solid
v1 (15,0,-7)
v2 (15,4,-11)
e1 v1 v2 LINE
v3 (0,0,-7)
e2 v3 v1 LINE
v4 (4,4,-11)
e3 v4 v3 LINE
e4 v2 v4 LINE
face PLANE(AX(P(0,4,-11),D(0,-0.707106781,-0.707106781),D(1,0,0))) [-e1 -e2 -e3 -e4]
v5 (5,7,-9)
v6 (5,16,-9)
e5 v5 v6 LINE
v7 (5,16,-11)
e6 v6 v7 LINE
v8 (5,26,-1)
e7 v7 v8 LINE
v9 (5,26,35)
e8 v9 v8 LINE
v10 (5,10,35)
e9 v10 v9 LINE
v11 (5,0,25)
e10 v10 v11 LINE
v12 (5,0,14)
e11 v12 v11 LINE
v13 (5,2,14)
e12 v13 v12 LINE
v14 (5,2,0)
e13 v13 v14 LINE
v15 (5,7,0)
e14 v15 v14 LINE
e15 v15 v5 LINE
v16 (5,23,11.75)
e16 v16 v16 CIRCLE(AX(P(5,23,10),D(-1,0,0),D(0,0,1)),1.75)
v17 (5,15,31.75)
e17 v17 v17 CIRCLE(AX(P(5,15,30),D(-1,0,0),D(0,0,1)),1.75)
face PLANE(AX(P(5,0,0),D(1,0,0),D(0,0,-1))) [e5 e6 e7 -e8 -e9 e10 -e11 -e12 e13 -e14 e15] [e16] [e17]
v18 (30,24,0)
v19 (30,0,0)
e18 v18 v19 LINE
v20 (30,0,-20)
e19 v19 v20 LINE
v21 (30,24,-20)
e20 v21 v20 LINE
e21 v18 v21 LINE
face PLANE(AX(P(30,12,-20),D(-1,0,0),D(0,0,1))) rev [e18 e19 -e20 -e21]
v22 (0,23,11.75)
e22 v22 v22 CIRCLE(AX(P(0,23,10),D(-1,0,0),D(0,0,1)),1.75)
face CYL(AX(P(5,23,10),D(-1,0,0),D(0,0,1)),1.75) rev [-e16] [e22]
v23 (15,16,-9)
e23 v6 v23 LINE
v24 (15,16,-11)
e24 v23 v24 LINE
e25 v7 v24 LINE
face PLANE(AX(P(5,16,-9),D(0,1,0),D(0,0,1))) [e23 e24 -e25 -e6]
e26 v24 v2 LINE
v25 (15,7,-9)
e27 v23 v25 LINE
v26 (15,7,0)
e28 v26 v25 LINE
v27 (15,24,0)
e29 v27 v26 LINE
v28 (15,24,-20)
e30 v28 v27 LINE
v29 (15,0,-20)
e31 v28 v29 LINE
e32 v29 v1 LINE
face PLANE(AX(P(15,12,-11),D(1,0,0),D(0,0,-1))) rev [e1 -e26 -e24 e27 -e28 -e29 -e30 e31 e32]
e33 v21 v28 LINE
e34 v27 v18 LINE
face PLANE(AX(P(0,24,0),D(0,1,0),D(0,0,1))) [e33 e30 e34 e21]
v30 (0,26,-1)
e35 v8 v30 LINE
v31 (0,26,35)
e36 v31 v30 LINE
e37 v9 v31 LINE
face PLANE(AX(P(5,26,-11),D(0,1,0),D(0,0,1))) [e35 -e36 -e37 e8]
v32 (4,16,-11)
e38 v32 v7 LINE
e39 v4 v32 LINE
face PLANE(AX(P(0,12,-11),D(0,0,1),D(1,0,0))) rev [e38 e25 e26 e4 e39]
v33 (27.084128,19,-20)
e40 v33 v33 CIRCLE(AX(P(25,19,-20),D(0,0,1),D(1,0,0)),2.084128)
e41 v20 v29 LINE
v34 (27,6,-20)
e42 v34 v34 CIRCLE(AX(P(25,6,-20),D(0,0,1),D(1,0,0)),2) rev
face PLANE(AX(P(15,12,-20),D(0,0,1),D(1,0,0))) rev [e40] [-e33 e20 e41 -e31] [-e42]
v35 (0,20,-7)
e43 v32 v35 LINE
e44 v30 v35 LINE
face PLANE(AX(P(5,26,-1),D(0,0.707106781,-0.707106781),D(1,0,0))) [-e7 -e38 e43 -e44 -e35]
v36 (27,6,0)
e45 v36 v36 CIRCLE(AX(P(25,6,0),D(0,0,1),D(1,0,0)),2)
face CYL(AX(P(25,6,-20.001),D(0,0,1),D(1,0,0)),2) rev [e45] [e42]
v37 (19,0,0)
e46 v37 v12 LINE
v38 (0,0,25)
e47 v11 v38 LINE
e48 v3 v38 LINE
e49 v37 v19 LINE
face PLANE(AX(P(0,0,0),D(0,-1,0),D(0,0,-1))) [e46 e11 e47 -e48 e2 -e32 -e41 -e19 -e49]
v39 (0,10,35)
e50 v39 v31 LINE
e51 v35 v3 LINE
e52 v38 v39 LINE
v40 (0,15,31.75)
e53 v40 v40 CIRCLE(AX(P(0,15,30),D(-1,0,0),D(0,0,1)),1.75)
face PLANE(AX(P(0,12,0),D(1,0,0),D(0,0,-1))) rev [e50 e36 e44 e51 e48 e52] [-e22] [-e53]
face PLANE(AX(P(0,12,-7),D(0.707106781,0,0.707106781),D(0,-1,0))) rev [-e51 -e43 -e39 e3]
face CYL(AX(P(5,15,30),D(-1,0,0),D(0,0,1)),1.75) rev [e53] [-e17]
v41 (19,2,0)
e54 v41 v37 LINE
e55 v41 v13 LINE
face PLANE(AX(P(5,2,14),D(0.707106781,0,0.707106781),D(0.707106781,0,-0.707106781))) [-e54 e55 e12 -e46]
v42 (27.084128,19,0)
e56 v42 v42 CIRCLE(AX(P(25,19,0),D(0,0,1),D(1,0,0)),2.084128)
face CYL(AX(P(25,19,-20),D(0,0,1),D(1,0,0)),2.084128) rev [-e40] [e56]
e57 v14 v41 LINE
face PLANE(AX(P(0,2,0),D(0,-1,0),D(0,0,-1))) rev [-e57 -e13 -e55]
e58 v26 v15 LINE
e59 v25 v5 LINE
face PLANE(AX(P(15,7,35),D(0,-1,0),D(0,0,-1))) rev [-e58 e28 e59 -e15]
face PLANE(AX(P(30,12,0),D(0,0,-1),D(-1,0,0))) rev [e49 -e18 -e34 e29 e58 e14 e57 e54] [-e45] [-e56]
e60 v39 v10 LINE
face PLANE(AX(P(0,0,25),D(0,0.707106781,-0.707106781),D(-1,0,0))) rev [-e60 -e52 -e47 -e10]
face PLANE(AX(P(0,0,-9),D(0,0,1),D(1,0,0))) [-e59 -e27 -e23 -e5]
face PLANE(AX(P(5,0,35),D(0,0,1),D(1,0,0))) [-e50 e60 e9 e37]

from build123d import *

# Parameters (mm, degrees)
EXTRUDE_1_DEPTH     = 12
CUT_EXTRUDE_1_REACH = 22
SKETCH_2_R          = 2
SKETCH_3_W          = 46
SKETCH_3_H          = 26
SKETCH_3_R          = 1.75
EXTRUDE_2_DEPTH     = 5
CHAMFER_1_SIZE      = 10
EXTRUDE_3_DEPTH     = 2
CHAMFER_2_SIZE      = 10
SKETCH_5_W          = 15
SKETCH_5_H          = 20
EXTRUDE_4_DEPTH     = 12
SKETCH_6_R          = 2.084127943
CUT_EXTRUDE_2_DEPTH = 21
SKETCH_7_W          = 10
SKETCH_7_H          = 5
CUT_EXTRUDE_3_DEPTH = 47
SKETCH_8_W          = 10
SKETCH_8_H          = 9
EXTRUDE_5_DEPTH     = 2
CHAMFER_3_SIZE      = 4


with BuildPart() as part:
    # Эскиз1 → Бобышка-Вытянуть1 (new body)
    with BuildSketch(Plane(origin=(0, 0, 0), x_dir=(1, 0, 0), z_dir=(0, 1, 0))):
        Polygon((0, 0), (0, 11), (15, 11), (15, 20), (30, 20), (30, 0), align=None)
    extrude(amount=EXTRUDE_1_DEPTH)

    # Эскиз2 → Вырез-Вытянуть1 (cut, up to next)
    with BuildSketch(Plane.XY, mode=Mode.PRIVATE) as cut_extrude_1_sk1:
        with Locations((25, 6)):
            Circle(SKETCH_2_R)
    cut_extrude_1_tool1 = extrude(cut_extrude_1_sk1.sketch, amount=-CUT_EXTRUDE_1_REACH, mode=Mode.PRIVATE) & part.part
    add(cut_extrude_1_tool1.solids().sort_by_distance((25, 6, 0))[0], mode=Mode.SUBTRACT)

    # Эскиз3 → Бобышка-Вытянуть2 (add)
    with BuildSketch(Plane.ZY):
        with Locations((12, 13)):
            Rectangle(SKETCH_3_W, SKETCH_3_H)
        with Locations((30, 15)):
            Circle(SKETCH_3_R, mode=Mode.SUBTRACT)
        with Locations((10, 23)):
            Circle(SKETCH_3_R, mode=Mode.SUBTRACT)
    extrude(amount=-EXTRUDE_2_DEPTH)

    # Фаска1
    chamfer_1_edges = [part.edges().sort_by_distance(p)[0] for p in [
        (2.5, 26, -11),
    ]]
    chamfer(chamfer_1_edges, length=CHAMFER_1_SIZE)

    # Эскиз4 → Бобышка-Вытянуть3 (add)
    with BuildSketch(Plane.XZ):
        Polygon((5, 14), (19, 0), (5, 0), align=None)
    extrude(amount=-EXTRUDE_3_DEPTH)

    # Фаска2
    chamfer_2_edges = [part.edges().sort_by_distance(p)[0] for p in [
        (2.5, 0, 35),
    ]]
    chamfer(chamfer_2_edges, length=CHAMFER_2_SIZE)

    # Эскиз5 → Бобышка-Вытянуть4 (add)
    with BuildSketch(Plane(origin=(0, 12, 0), x_dir=(1, 0, 0), z_dir=(0, 1, 0))):
        with Locations((22.5, 10)):
            Rectangle(SKETCH_5_W, SKETCH_5_H)
    extrude(amount=EXTRUDE_4_DEPTH)

    # Эскиз6 → Вырез-Вытянуть2 (cut, through all)
    with BuildSketch(Plane.XY):
        with Locations((25, 19)):
            Circle(SKETCH_6_R)
    extrude(amount=-CUT_EXTRUDE_2_DEPTH, mode=Mode.SUBTRACT)

    # Эскиз7 → Вырез-Вытянуть3 (cut, through all)
    with BuildSketch(Plane(origin=(0, 0, -11), x_dir=(-1, 0, 0), z_dir=(0, 0, -1))):
        with Locations((-10, 9.5)):
            Rectangle(SKETCH_7_W, SKETCH_7_H)
    extrude(amount=-CUT_EXTRUDE_3_DEPTH, mode=Mode.SUBTRACT)

    # Эскиз8 → Бобышка-Вытянуть5 (add)
    with BuildSketch(Plane(origin=(0, 0, -11), x_dir=(-1, 0, 0), z_dir=(0, 0, -1))):
        with Locations((-10, 11.5)):
            Rectangle(SKETCH_8_W, SKETCH_8_H)
    extrude(amount=-EXTRUDE_5_DEPTH)

    # Фаска3
    chamfer_3_edges = [part.edges().sort_by_distance(p)[0] for p in [
        (0, 8, -11),
        (7.5, 0, -11),
    ]]
    chamfer(chamfer_3_edges, length=CHAMFER_3_SIZE)


solid = part.part
